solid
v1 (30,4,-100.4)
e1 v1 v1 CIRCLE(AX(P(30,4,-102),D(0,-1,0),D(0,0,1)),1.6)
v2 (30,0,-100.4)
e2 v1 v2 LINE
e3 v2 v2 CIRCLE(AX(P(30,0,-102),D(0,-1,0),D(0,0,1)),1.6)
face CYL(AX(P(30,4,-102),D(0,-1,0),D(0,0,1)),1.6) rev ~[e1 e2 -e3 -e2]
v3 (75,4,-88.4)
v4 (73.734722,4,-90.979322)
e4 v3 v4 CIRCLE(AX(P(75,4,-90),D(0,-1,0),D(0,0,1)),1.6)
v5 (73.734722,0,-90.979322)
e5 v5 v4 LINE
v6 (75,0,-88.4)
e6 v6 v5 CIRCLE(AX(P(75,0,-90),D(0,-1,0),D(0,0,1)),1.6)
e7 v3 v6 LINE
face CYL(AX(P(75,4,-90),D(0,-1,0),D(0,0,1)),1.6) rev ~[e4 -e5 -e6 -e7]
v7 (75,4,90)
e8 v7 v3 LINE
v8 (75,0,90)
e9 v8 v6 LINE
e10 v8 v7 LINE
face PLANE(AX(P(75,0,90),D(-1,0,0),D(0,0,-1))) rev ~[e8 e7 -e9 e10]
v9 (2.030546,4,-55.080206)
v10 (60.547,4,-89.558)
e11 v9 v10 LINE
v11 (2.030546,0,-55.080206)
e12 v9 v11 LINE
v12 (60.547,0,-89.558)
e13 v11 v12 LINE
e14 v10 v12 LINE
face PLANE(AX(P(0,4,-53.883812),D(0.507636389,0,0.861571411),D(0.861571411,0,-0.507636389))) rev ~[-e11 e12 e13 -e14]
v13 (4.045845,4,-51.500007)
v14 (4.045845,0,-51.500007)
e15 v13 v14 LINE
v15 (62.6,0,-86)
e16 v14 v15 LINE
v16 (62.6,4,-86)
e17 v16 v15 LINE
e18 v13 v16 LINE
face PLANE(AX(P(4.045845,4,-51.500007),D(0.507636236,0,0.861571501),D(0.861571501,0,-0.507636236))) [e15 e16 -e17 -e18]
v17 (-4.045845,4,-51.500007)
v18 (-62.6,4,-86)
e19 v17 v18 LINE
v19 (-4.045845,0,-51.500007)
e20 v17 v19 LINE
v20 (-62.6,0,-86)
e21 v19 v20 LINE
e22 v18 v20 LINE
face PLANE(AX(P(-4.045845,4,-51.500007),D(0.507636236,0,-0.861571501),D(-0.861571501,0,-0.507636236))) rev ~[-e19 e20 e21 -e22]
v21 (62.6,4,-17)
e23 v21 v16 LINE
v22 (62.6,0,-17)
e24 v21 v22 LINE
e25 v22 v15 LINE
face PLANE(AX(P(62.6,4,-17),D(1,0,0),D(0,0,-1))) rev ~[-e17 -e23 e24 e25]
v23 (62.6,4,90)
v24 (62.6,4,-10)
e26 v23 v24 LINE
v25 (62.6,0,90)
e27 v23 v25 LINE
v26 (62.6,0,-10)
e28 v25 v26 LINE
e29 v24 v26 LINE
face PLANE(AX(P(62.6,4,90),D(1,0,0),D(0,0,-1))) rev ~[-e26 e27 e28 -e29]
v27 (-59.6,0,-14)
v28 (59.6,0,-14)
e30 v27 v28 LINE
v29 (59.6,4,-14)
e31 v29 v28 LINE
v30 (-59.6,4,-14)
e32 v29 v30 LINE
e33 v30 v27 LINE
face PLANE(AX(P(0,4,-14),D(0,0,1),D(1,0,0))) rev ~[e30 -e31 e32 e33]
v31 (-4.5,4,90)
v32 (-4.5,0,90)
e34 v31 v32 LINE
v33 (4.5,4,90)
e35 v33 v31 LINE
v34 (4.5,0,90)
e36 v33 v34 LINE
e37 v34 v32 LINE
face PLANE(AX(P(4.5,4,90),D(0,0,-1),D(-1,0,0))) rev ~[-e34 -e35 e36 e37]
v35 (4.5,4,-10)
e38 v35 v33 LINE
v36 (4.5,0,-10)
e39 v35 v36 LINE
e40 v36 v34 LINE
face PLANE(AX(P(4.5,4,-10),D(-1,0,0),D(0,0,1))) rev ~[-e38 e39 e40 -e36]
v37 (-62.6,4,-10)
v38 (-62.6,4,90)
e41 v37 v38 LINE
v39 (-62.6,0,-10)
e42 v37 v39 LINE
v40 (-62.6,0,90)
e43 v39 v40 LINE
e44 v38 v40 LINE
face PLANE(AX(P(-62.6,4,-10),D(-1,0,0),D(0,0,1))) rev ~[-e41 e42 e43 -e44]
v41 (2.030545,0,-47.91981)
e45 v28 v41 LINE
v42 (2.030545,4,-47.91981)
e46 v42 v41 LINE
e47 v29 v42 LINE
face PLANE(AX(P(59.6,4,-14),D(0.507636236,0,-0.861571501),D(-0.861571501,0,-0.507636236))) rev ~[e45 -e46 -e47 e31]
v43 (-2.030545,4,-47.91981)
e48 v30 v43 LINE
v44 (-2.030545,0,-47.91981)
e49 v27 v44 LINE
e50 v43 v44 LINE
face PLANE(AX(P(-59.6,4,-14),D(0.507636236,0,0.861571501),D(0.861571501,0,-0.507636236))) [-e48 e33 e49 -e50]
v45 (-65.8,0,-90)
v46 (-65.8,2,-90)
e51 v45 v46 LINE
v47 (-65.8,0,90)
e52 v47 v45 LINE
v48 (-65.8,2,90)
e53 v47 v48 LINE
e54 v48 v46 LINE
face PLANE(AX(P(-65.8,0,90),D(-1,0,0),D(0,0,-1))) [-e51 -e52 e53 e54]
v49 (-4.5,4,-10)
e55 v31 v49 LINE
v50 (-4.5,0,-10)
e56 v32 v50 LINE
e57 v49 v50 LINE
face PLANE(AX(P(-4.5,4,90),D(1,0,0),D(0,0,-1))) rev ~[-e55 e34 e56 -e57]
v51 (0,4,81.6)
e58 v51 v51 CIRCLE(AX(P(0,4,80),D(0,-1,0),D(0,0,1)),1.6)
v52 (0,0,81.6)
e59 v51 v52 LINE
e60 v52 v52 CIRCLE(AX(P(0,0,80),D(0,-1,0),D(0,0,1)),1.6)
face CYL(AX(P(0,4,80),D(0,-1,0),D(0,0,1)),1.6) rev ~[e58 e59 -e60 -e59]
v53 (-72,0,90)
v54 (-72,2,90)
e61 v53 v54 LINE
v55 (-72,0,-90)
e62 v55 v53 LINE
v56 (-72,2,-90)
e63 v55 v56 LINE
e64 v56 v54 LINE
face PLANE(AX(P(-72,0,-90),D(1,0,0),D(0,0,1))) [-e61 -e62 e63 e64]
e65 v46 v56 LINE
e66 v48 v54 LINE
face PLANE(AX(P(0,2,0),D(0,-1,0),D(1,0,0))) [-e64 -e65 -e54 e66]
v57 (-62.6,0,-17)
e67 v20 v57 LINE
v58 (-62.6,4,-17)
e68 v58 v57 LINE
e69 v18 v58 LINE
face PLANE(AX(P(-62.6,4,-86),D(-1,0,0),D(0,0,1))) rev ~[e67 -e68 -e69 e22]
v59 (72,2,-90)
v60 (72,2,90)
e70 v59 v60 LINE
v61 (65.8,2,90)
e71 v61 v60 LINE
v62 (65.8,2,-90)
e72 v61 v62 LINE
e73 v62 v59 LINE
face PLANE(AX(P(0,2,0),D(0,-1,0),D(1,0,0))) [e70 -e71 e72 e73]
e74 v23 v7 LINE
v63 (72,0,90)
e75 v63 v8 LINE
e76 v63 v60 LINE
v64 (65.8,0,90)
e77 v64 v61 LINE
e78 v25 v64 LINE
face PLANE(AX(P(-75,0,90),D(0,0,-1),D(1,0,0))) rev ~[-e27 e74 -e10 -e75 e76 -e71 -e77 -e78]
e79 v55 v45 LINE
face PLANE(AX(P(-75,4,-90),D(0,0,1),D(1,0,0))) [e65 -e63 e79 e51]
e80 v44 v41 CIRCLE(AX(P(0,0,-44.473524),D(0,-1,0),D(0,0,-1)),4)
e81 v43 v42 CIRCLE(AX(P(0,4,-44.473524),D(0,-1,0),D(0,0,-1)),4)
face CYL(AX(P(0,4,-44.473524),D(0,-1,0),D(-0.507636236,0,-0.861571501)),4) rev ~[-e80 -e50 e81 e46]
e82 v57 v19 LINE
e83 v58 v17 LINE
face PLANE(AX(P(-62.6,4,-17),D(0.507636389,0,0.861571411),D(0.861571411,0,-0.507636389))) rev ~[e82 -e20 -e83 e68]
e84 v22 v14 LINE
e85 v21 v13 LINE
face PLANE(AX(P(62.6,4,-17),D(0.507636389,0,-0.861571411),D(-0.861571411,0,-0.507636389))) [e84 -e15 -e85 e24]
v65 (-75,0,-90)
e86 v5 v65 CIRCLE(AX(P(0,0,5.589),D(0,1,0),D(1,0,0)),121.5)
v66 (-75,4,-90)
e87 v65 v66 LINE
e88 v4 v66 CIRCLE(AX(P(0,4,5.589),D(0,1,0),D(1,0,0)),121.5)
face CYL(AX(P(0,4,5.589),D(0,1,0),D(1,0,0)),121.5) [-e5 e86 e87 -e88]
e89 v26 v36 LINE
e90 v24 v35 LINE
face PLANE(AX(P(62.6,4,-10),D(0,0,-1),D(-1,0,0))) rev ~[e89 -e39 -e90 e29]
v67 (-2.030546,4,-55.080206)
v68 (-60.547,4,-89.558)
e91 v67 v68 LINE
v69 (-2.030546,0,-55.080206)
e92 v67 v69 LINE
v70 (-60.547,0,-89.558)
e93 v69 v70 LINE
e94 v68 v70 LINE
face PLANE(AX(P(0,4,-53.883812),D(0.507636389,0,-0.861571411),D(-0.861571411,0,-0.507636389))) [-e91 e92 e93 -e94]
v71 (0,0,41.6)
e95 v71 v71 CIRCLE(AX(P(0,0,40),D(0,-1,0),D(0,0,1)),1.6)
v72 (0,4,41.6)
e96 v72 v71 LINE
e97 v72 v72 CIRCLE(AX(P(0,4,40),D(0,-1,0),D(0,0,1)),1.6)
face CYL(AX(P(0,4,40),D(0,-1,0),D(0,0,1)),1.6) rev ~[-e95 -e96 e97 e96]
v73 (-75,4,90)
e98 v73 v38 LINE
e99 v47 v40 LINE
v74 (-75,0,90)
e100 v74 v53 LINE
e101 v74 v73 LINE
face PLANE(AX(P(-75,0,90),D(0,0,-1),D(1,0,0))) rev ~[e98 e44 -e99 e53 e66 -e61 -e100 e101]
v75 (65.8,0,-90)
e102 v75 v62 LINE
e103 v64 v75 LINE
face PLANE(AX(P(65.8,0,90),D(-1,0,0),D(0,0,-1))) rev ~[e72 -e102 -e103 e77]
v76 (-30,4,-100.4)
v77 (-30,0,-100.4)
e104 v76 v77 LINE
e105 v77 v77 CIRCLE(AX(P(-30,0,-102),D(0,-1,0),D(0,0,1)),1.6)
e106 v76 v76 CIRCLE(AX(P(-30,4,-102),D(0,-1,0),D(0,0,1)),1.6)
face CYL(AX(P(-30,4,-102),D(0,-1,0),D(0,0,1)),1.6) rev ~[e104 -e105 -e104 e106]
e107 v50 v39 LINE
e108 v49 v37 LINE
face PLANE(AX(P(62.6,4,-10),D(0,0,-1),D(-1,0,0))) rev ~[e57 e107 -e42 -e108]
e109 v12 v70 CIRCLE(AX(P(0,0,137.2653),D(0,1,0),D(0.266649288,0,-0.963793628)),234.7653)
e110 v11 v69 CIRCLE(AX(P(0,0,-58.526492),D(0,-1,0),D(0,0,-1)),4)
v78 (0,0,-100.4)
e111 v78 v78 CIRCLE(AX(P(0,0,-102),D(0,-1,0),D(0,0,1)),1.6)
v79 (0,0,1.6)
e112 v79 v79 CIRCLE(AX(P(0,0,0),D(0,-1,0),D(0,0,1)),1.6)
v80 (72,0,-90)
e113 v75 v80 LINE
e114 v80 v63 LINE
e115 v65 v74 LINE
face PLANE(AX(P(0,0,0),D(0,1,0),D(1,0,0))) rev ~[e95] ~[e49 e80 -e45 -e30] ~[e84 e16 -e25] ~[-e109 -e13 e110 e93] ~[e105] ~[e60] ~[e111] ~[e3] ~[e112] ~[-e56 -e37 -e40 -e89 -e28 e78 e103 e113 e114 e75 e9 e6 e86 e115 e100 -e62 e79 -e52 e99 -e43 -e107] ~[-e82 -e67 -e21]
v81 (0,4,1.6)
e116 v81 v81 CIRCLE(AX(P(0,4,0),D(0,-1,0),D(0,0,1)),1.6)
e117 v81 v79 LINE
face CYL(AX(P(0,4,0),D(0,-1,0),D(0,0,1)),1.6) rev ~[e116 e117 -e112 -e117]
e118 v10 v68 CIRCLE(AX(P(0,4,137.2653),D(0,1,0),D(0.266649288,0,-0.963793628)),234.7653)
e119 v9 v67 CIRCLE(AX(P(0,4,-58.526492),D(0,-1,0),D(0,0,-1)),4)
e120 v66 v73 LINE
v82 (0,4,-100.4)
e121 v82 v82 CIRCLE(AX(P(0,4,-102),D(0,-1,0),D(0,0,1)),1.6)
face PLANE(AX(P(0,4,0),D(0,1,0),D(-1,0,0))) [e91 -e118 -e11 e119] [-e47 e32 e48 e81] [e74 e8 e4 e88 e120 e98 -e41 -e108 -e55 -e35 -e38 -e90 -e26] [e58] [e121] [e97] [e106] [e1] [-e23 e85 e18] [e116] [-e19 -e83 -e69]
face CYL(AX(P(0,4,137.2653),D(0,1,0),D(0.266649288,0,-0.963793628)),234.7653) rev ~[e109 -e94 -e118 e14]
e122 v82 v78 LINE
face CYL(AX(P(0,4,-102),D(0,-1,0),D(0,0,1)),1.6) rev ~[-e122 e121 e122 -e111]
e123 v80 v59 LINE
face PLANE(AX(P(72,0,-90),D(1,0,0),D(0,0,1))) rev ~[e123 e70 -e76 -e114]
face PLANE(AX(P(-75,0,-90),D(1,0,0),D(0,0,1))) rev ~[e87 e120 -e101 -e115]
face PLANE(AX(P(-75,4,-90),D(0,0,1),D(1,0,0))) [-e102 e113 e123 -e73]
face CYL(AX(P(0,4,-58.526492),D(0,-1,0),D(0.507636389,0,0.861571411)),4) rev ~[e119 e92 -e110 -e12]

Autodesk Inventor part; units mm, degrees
ref_plane "YZ Plane" through (0, 0, 0) normal (1, 0, 0) x (0, 1, 0)
ref_plane "XZ Plane" through (0, 0, 0) normal (0, 1, 0) x (-1, 0, 0)
ref_plane "XY Plane" through (0, 0, 0) normal (0, 0, 1) x (1, 0, 0)
sketch "スケッチ1" plane through (0, 0, 0) normal (0, 1, 0) x (-1, 0, 0)
  line L0 (-75, -90) -> (75, -90)
  line L1 (75, -90) -> (75, 90)
  line L2 (75, 90) -> (-75, 90)
  line L3 (-75, 90) -> (-75, -90)
  line L4 (-75, -90) -> (75, 90) construction
  line L5 (75, -90) -> (-75, 90) construction
  point P0 (0, 0)
  dimension "d0" = 150
  dimension "d1" = 180
extrude "押し出し1" add sketch "スケッチ1" along normal blind 4
sketch "スケッチ2" plane through (0, 4, 0) normal (0, 1, 0) x (1, 0, 0)
  line L0 (-75, -90) -> (75, -90) projected
  line L1 (-62.6, -90) -> (62.6, -90)
  line L2 (62.6, -90) -> (62.6, 10)
  line L3 (62.6, 10) -> (-62.6, 10)
  line L4 (-62.6, 10) -> (-62.6, -90)
  point P0 (0, 0)
  dimension "d4" = 125.2
  dimension "d5" = 100
  dimension "d6" = 62.6
extrude "押し出し2" cut sketch "スケッチ2" against normal blind 4
sketch "スケッチ3" plane through (0, 0, 0) normal (0, -1, 0) x (1, 0, 0)
  line L0 (62.6, 90) -> (75, 90) projected
  line L1 (72, 90) -> (65.8, 90)
  line L2 (65.8, 90) -> (65.8, -90)
  line L3 (65.8, -90) -> (72, -90)
  line L4 (72, -90) -> (72, 90)
  line L5 (75, 90) -> (75, -90) projected
  line L6 (0, 0) -> (0, 35.088)
  line L7 (-62.6, 90) -> (-75, 90)
  line L8 (-72, 90) -> (-65.8, 90)
  line L9 (-65.8, 90) -> (-65.8, -90)
  line L10 (-65.8, -90) -> (-72, -90)
  line L11 (-72, -90) -> (-72, 90)
  line L12 (-75, 90) -> (-75, -90)
  dimension "d9" = 6.2
  dimension "d10" = 180
  dimension "d11" = 3
extrude "押し出し3" cut sketch "スケッチ3" against normal blind 2
sketch "スケッチ4" plane through (0, 4, 0) normal (0, 1, 0) x (1, 0, 0)
  line L0 (62.6, 10) -> (-62.6, 10) projected
  line L1 (-4.5, 10) -> (4.5, 10)
  line L2 (4.5, 10) -> (4.5, -90)
  line L3 (4.5, -90) -> (-4.5, -90)
  line L4 (-4.5, -90) -> (-4.5, 10)
  point P0 (0, 0)
  dimension "d14" = 9
  dimension "d15" = 100
  dimension "d16" = 4.5
extrude "押し出し4" add sketch "スケッチ4" against normal blind 4
sketch "スケッチ5" plane through (0, 4, 0) normal (0, 1, 0) x (1, 0, 0)
  circle A0 centre (0, -5.589) radius 121.5
  line L0 (75, 90) -> (72, 90) projected
  line L1 (-75, 90) -> (-75, -90) projected
  line L2 (-75, 90) -> (75, 90)
  point P0 (0, 0)
  dimension "d19" = 243
extrude "押し出し5" add sketch "スケッチ5" against normal blind 4 contours L0 L2 A0 picked at (-21.9725, 92.7838)
sketch "スケッチ6" plane through (0, 4, 0) normal (0, 1, 0) x (1, 0, 0)
  arc A0 (75, 90) -> (-75, 90) centre (0, -5.589) ccw projected
  line L0 (75, 90) -> (-75, 90) construction
  line L1 (0, 90) -> (0, 115.911) construction
  point P0 (0, 0)
  point P1 (0, 102)
  point P2 (30, 102)
  point P3 (-30, 102)
  dimension "d22" = 12
  dimension "d23" = 30
hole "穴1" at (75, 4, -90) at (0, 4, -102) at (30, 4, -102) at (-30, 4, -102) direction (0, -1, 0) diameter 3.2 end through all
sketch "スケッチ7" plane through (0, 4, 0) normal (0, 1, 0) x (1, 0, 0)
  line L0 (-62.6, 10) -> (-4.5, 10) projected
  line L1 (-62.6, 14) -> (62.6, 14)
  line L2 (62.6, 14) -> (62.6, 89)
  line L3 (-62.6, 89) -> (-62.6, 14)
  arc A0 (62.6, 89) -> (-62.6, 89) centre (0, -137.2653) ccw
  line L4 (-59.6, 14) -> (62.6, 86)
  line L5 (-62.6, 17) -> (60.547, 89.558)
  line L6 (0, 14) -> (0, 41.0158)
  line L7 (59.6, 14) -> (-62.6, 86)
  line L8 (62.6, 17) -> (-60.547, 89.558)
  point P0 (0, 0)
  point P1 (0, 97.5)
  point P2 (0, 53.8838)
  point P3 (-4.0458, 51.5)
  point P4 (0, 49.1162)
  point P5 (4.0458, 51.5)
  dimension "d32" = 4
  dimension "d33" = 125.2
  dimension "d34" = 75
  dimension "d36" = 3
  dimension "d37" = 3
  dimension "d38" = 3
extrude "押し出し6" cut sketch "スケッチ7" against normal blind 4 contours L4 L7 L1 | L3 L7 L5 | L4 L2 L8 | L8 A0 L5
sketch "スケッチ8" plane through (0, 4, 0) normal (0, 1, 0) x (1, 0, 0)
  line L0 (-62.6, 10) -> (-4.5, 10) projected
  point P0 (0, 0)
  point P1 (0, 0)
  point P2 (0, -40)
  point P3 (0, -80)
  dimension "d41" = 10
  dimension "d42" = 50
  dimension "d43" = 90
hole "穴2" at (0, 4, 0) at (0, 4, 40) at (0, 4, 80) direction (0, -1, 0) diameter 3.2 end through all
fillet "フィレット1" radius 4 2 edges at (0, 2, -49.1162) (0, 2, -53.8838)
properties part number "お盆4" material "アルミニウム 2014-T6"
